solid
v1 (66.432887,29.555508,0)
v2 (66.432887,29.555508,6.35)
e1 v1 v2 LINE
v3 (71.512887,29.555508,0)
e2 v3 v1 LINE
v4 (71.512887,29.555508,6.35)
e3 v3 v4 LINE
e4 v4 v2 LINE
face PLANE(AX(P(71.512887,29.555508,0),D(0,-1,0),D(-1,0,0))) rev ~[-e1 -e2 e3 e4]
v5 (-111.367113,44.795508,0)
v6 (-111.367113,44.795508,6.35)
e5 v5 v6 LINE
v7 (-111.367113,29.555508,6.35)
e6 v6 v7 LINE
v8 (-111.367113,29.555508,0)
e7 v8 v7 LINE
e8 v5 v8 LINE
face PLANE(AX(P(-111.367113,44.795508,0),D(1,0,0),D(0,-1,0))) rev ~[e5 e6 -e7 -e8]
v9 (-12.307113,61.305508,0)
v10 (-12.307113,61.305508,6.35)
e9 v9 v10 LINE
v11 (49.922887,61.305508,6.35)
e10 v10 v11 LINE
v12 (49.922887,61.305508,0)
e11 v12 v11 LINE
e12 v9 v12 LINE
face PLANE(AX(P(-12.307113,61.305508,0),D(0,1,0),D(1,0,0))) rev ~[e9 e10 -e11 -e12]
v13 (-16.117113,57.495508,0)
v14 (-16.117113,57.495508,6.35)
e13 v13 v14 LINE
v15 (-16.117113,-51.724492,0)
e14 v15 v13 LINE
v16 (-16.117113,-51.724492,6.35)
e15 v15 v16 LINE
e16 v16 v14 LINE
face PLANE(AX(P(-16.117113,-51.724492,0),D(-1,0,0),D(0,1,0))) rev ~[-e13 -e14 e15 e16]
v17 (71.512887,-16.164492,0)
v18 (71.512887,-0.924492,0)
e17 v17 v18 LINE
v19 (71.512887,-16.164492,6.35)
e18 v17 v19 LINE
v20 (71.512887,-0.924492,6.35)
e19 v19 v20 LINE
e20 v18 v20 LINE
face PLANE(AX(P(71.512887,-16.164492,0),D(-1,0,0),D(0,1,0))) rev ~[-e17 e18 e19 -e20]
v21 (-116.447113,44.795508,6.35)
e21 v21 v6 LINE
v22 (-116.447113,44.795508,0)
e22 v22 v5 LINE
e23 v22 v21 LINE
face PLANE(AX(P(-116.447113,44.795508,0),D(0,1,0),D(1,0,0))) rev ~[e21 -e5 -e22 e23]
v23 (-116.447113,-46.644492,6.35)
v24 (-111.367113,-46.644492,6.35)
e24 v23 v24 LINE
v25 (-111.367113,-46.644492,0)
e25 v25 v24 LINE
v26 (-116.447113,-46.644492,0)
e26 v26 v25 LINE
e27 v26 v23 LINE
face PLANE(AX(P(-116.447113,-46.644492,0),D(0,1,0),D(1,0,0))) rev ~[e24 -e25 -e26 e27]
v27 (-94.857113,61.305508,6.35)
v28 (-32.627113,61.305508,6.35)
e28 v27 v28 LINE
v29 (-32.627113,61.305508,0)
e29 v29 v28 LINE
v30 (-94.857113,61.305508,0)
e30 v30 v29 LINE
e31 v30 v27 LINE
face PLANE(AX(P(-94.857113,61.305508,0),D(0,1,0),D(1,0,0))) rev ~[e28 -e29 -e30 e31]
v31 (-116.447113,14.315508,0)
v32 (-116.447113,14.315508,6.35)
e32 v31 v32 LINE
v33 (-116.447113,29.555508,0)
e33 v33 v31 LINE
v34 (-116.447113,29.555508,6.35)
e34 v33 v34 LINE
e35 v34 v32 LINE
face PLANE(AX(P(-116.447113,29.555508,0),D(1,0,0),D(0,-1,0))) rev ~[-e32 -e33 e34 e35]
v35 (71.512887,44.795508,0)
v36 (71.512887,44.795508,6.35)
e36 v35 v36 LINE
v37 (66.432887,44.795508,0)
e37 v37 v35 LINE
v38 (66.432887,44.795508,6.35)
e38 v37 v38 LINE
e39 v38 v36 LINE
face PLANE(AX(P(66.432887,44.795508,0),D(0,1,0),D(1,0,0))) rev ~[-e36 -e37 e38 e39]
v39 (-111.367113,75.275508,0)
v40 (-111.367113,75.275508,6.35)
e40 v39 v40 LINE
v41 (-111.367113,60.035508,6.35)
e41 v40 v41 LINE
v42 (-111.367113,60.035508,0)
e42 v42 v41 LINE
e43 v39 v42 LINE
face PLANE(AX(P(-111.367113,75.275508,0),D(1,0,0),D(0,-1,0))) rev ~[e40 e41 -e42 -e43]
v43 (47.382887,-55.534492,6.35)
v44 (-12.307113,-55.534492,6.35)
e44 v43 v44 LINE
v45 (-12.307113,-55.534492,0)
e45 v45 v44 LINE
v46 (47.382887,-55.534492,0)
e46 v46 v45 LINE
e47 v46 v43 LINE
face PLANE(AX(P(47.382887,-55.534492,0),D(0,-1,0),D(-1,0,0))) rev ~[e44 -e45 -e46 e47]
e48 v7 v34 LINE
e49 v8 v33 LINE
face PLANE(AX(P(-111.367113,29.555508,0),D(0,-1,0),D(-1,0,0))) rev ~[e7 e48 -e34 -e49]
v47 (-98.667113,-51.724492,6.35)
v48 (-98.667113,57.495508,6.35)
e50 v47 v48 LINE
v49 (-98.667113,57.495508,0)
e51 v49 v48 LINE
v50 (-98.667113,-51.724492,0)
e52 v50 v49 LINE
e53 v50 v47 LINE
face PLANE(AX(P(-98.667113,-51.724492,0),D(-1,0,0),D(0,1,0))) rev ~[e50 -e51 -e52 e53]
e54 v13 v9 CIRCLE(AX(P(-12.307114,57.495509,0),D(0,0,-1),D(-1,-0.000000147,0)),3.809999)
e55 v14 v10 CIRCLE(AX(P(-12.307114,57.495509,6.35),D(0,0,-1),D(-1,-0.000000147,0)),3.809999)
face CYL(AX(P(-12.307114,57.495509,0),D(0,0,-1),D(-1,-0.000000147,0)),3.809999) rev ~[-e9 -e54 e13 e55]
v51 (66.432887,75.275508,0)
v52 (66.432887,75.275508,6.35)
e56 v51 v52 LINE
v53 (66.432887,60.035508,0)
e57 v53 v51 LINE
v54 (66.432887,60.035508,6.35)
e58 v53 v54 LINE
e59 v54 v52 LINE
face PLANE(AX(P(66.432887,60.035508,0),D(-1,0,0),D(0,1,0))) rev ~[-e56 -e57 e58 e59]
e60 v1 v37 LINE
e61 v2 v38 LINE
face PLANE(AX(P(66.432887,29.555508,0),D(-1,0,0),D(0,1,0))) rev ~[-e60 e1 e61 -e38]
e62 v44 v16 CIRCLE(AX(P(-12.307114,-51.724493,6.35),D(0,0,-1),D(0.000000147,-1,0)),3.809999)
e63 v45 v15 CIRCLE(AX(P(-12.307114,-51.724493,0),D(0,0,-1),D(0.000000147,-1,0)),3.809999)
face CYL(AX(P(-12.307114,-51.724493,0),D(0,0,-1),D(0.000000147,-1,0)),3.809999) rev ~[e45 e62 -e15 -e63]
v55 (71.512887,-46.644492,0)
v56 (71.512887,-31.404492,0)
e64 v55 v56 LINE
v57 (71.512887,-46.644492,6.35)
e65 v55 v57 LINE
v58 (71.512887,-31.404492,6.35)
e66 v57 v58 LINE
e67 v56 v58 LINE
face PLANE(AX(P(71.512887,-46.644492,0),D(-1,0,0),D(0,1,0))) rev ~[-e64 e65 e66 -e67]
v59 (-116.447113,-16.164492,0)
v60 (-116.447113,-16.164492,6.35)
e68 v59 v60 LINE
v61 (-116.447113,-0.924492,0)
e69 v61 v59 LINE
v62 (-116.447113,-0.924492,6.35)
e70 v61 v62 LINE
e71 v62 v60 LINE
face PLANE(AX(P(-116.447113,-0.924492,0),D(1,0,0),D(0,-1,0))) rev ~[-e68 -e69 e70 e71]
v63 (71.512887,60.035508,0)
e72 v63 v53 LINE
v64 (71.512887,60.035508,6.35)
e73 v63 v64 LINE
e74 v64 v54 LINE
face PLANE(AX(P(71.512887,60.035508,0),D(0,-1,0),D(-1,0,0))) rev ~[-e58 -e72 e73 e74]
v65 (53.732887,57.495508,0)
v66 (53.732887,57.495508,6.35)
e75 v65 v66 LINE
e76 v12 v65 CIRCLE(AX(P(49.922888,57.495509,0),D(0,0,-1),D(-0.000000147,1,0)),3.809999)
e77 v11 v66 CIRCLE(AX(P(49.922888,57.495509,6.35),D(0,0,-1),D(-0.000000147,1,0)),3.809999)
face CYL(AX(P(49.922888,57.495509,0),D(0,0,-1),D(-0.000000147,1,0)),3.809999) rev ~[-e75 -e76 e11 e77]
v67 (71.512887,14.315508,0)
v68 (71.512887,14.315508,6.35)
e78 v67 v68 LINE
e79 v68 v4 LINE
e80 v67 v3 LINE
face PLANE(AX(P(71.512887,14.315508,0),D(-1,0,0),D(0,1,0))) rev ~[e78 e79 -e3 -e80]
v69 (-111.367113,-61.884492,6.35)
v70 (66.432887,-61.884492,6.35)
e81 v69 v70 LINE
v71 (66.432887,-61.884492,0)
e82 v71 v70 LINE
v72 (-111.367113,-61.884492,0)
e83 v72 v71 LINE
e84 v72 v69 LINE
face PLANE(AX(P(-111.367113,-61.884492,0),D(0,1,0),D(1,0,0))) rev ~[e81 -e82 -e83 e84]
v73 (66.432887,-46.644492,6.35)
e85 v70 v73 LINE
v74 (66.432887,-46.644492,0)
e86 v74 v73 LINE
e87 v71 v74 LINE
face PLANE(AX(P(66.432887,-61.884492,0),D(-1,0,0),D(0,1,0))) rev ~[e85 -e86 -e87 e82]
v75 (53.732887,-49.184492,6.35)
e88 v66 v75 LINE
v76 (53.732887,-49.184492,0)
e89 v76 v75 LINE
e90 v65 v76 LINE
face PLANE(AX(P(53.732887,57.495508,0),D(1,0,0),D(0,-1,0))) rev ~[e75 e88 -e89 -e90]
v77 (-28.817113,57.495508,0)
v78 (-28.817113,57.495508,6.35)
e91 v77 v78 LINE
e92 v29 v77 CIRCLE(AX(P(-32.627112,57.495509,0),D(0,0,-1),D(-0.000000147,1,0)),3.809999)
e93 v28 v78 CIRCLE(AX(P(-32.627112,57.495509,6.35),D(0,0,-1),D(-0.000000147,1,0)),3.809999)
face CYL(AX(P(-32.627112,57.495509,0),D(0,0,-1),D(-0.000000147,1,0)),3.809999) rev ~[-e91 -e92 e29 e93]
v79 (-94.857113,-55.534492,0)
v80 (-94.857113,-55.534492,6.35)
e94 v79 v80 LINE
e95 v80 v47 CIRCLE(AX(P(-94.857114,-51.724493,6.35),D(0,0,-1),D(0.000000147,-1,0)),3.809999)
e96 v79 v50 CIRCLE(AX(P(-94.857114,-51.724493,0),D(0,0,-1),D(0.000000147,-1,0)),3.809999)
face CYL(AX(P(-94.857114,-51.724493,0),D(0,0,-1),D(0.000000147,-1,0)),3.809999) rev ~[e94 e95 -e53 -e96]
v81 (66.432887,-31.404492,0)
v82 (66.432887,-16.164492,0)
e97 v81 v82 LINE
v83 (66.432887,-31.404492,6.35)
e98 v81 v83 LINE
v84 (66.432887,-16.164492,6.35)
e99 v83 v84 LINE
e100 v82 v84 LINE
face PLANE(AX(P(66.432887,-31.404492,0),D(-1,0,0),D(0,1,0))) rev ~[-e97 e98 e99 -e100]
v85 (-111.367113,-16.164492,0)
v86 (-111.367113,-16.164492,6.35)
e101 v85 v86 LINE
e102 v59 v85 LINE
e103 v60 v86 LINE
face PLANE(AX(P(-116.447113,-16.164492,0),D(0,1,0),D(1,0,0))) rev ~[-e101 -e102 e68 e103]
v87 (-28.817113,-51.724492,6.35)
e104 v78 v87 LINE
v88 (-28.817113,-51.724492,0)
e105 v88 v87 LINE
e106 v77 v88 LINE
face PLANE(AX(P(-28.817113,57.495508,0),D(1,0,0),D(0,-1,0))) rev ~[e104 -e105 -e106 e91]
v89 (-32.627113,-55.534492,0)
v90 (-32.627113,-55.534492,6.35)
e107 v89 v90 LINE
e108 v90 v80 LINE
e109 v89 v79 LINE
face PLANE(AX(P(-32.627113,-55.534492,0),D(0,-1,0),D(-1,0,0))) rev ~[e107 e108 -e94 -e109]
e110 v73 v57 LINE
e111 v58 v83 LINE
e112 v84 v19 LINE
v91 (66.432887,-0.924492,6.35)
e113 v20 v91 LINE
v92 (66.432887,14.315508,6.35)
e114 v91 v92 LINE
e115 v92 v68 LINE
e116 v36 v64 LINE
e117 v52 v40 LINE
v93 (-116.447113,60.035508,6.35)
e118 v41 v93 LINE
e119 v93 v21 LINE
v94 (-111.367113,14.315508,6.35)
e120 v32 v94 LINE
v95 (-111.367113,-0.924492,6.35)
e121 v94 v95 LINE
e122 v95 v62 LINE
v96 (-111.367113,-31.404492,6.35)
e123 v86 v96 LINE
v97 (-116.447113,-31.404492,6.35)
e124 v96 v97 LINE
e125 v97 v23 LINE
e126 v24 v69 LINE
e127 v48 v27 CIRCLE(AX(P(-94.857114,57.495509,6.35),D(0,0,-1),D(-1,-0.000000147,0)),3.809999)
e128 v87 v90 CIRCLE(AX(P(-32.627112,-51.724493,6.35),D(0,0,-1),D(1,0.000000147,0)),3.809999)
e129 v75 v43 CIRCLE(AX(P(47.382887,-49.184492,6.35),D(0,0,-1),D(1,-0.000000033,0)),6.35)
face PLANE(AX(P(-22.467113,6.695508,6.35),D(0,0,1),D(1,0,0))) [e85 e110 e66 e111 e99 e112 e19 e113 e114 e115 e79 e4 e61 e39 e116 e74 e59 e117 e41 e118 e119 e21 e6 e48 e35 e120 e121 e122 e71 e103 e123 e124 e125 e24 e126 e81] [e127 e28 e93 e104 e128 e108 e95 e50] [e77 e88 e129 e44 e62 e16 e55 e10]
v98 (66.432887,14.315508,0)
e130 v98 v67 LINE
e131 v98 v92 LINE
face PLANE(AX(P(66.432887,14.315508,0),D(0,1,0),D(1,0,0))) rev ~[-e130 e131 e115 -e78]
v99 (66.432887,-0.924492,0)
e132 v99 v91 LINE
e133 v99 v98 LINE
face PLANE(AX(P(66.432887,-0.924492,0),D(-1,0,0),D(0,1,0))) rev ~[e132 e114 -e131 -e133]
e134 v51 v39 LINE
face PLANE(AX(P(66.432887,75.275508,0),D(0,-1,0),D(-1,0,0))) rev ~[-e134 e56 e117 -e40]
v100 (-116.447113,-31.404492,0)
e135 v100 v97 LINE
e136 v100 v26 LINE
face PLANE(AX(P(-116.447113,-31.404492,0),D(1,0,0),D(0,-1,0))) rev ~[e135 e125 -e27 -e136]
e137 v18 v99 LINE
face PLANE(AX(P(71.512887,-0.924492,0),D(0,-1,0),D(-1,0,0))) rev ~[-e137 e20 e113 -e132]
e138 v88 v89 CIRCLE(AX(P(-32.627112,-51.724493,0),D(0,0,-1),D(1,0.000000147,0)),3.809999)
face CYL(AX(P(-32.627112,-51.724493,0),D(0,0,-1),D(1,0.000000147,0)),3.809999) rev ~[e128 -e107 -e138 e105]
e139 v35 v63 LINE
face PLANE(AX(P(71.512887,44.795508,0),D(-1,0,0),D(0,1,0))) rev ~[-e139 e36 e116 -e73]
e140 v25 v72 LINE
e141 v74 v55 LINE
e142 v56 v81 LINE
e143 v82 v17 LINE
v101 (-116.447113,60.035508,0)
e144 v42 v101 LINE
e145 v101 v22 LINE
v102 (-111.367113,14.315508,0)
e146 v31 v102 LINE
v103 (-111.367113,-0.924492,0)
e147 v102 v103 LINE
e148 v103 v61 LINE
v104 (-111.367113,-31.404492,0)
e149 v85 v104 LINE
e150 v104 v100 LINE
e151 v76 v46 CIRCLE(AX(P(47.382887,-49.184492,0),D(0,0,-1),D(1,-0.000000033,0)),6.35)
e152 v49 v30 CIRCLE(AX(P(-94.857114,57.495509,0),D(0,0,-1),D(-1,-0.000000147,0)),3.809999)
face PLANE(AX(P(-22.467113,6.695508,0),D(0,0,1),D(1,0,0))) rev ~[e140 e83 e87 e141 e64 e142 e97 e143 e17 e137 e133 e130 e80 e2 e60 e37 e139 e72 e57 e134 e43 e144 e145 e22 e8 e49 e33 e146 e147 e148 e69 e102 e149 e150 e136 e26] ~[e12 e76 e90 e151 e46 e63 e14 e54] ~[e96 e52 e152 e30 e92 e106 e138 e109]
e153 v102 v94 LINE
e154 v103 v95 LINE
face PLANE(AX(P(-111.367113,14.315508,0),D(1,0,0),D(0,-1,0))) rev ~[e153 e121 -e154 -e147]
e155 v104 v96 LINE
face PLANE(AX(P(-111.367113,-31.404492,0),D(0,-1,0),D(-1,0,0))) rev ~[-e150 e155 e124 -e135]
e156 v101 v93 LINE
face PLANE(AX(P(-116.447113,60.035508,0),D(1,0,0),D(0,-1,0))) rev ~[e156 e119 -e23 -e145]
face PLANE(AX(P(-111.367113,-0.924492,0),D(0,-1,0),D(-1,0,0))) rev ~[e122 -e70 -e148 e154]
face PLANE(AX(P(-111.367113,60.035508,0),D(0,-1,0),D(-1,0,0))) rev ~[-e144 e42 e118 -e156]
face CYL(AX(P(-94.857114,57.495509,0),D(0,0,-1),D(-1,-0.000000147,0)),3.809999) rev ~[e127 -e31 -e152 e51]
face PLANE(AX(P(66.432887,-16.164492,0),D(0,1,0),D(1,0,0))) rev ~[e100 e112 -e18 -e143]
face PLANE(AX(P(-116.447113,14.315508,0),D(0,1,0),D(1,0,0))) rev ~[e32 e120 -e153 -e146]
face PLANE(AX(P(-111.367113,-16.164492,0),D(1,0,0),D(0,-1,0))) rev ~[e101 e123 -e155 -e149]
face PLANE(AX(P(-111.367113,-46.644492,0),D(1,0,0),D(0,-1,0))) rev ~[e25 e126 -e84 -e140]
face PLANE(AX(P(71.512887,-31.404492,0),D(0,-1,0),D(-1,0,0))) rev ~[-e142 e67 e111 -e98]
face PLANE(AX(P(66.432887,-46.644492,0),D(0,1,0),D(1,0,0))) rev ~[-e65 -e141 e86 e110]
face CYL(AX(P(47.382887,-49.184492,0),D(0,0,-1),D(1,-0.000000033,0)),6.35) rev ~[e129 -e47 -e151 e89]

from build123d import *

# Parameters (mm, degrees)
F1_DEPTH = 6.35


with BuildPart() as f1:
    # F0 (on Top) → F1 (new body)
    with BuildSketch(Plane.XY):
        Polygon((66.432887, 60.035508), (66.432887, 75.275508), (-111.367113, 75.275508), (-111.367113, 60.035508), (-116.447113, 60.035508), (-116.447113, 44.795508), (-111.367113, 44.795508), (-111.367113, 29.555508), (-116.447113, 29.555508), (-116.447113, 14.315508), (-111.367113, 14.315508), (-111.367113, -0.924492), (-116.447113, -0.924492), (-116.447113, -16.164492), (-111.367113, -16.164492), (-111.367113, -31.404492), (-116.447113, -31.404492), (-116.447113, -46.644492), (-111.367113, -46.644492), (-111.367113, -61.884492), (66.432887, -61.884492), (66.432887, -46.644492), (71.512887, -46.644492), (71.512887, -31.404492), (66.432887, -31.404492), (66.432887, -16.164492), (71.512887, -16.164492), (71.512887, -0.924492), (66.432887, -0.924492), (66.432887, 14.315508), (71.512887, 14.315508), (71.512887, 29.555508), (66.432887, 29.555508), (66.432887, 44.795508), (71.512887, 44.795508), (71.512887, 60.035508), align=None)
        with BuildLine():
            ThreePointArc((-98.667113, 57.495508), (-97.55119, 60.189585), (-94.857113, 61.305508))
            Line((-94.857113, 61.305508), (-32.627113, 61.305508))
            ThreePointArc((-32.627113, 61.305508), (-29.933036, 60.189585), (-28.817113, 57.495508))
            Line((-28.817113, 57.495508), (-28.817113, -51.724492))
            ThreePointArc((-28.817113, -51.724492), (-29.933036, -54.418569), (-32.627113, -55.534492))
            Line((-32.627113, -55.534492), (-94.857113, -55.534492))
            ThreePointArc((-94.857113, -55.534492), (-97.55119, -54.418569), (-98.667113, -51.724492))
            Line((-98.667113, -51.724492), (-98.667113, 57.495508))
        make_face(mode=Mode.SUBTRACT)
        with BuildLine():
            ThreePointArc((-16.117113, 57.495508), (-15.00119, 60.189585), (-12.307113, 61.305508))
            Line((-12.307113, 61.305508), (49.922887, 61.305508))
            ThreePointArc((49.922887, 61.305508), (52.616964, 60.189585), (53.732887, 57.495508))
            Line((53.732887, 57.495508), (53.732887, -49.184492))
            ThreePointArc((53.732887, -49.184492), (51.873015, -53.67462), (47.382887, -55.534492))
            Line((47.382887, -55.534492), (-12.307113, -55.534492))
            ThreePointArc((-12.307113, -55.534492), (-15.00119, -54.418569), (-16.117113, -51.724492))
            Line((-16.117113, -51.724492), (-16.117113, 57.495508))
        make_face(mode=Mode.SUBTRACT)
    extrude(amount=F1_DEPTH)


solid = f1.part
